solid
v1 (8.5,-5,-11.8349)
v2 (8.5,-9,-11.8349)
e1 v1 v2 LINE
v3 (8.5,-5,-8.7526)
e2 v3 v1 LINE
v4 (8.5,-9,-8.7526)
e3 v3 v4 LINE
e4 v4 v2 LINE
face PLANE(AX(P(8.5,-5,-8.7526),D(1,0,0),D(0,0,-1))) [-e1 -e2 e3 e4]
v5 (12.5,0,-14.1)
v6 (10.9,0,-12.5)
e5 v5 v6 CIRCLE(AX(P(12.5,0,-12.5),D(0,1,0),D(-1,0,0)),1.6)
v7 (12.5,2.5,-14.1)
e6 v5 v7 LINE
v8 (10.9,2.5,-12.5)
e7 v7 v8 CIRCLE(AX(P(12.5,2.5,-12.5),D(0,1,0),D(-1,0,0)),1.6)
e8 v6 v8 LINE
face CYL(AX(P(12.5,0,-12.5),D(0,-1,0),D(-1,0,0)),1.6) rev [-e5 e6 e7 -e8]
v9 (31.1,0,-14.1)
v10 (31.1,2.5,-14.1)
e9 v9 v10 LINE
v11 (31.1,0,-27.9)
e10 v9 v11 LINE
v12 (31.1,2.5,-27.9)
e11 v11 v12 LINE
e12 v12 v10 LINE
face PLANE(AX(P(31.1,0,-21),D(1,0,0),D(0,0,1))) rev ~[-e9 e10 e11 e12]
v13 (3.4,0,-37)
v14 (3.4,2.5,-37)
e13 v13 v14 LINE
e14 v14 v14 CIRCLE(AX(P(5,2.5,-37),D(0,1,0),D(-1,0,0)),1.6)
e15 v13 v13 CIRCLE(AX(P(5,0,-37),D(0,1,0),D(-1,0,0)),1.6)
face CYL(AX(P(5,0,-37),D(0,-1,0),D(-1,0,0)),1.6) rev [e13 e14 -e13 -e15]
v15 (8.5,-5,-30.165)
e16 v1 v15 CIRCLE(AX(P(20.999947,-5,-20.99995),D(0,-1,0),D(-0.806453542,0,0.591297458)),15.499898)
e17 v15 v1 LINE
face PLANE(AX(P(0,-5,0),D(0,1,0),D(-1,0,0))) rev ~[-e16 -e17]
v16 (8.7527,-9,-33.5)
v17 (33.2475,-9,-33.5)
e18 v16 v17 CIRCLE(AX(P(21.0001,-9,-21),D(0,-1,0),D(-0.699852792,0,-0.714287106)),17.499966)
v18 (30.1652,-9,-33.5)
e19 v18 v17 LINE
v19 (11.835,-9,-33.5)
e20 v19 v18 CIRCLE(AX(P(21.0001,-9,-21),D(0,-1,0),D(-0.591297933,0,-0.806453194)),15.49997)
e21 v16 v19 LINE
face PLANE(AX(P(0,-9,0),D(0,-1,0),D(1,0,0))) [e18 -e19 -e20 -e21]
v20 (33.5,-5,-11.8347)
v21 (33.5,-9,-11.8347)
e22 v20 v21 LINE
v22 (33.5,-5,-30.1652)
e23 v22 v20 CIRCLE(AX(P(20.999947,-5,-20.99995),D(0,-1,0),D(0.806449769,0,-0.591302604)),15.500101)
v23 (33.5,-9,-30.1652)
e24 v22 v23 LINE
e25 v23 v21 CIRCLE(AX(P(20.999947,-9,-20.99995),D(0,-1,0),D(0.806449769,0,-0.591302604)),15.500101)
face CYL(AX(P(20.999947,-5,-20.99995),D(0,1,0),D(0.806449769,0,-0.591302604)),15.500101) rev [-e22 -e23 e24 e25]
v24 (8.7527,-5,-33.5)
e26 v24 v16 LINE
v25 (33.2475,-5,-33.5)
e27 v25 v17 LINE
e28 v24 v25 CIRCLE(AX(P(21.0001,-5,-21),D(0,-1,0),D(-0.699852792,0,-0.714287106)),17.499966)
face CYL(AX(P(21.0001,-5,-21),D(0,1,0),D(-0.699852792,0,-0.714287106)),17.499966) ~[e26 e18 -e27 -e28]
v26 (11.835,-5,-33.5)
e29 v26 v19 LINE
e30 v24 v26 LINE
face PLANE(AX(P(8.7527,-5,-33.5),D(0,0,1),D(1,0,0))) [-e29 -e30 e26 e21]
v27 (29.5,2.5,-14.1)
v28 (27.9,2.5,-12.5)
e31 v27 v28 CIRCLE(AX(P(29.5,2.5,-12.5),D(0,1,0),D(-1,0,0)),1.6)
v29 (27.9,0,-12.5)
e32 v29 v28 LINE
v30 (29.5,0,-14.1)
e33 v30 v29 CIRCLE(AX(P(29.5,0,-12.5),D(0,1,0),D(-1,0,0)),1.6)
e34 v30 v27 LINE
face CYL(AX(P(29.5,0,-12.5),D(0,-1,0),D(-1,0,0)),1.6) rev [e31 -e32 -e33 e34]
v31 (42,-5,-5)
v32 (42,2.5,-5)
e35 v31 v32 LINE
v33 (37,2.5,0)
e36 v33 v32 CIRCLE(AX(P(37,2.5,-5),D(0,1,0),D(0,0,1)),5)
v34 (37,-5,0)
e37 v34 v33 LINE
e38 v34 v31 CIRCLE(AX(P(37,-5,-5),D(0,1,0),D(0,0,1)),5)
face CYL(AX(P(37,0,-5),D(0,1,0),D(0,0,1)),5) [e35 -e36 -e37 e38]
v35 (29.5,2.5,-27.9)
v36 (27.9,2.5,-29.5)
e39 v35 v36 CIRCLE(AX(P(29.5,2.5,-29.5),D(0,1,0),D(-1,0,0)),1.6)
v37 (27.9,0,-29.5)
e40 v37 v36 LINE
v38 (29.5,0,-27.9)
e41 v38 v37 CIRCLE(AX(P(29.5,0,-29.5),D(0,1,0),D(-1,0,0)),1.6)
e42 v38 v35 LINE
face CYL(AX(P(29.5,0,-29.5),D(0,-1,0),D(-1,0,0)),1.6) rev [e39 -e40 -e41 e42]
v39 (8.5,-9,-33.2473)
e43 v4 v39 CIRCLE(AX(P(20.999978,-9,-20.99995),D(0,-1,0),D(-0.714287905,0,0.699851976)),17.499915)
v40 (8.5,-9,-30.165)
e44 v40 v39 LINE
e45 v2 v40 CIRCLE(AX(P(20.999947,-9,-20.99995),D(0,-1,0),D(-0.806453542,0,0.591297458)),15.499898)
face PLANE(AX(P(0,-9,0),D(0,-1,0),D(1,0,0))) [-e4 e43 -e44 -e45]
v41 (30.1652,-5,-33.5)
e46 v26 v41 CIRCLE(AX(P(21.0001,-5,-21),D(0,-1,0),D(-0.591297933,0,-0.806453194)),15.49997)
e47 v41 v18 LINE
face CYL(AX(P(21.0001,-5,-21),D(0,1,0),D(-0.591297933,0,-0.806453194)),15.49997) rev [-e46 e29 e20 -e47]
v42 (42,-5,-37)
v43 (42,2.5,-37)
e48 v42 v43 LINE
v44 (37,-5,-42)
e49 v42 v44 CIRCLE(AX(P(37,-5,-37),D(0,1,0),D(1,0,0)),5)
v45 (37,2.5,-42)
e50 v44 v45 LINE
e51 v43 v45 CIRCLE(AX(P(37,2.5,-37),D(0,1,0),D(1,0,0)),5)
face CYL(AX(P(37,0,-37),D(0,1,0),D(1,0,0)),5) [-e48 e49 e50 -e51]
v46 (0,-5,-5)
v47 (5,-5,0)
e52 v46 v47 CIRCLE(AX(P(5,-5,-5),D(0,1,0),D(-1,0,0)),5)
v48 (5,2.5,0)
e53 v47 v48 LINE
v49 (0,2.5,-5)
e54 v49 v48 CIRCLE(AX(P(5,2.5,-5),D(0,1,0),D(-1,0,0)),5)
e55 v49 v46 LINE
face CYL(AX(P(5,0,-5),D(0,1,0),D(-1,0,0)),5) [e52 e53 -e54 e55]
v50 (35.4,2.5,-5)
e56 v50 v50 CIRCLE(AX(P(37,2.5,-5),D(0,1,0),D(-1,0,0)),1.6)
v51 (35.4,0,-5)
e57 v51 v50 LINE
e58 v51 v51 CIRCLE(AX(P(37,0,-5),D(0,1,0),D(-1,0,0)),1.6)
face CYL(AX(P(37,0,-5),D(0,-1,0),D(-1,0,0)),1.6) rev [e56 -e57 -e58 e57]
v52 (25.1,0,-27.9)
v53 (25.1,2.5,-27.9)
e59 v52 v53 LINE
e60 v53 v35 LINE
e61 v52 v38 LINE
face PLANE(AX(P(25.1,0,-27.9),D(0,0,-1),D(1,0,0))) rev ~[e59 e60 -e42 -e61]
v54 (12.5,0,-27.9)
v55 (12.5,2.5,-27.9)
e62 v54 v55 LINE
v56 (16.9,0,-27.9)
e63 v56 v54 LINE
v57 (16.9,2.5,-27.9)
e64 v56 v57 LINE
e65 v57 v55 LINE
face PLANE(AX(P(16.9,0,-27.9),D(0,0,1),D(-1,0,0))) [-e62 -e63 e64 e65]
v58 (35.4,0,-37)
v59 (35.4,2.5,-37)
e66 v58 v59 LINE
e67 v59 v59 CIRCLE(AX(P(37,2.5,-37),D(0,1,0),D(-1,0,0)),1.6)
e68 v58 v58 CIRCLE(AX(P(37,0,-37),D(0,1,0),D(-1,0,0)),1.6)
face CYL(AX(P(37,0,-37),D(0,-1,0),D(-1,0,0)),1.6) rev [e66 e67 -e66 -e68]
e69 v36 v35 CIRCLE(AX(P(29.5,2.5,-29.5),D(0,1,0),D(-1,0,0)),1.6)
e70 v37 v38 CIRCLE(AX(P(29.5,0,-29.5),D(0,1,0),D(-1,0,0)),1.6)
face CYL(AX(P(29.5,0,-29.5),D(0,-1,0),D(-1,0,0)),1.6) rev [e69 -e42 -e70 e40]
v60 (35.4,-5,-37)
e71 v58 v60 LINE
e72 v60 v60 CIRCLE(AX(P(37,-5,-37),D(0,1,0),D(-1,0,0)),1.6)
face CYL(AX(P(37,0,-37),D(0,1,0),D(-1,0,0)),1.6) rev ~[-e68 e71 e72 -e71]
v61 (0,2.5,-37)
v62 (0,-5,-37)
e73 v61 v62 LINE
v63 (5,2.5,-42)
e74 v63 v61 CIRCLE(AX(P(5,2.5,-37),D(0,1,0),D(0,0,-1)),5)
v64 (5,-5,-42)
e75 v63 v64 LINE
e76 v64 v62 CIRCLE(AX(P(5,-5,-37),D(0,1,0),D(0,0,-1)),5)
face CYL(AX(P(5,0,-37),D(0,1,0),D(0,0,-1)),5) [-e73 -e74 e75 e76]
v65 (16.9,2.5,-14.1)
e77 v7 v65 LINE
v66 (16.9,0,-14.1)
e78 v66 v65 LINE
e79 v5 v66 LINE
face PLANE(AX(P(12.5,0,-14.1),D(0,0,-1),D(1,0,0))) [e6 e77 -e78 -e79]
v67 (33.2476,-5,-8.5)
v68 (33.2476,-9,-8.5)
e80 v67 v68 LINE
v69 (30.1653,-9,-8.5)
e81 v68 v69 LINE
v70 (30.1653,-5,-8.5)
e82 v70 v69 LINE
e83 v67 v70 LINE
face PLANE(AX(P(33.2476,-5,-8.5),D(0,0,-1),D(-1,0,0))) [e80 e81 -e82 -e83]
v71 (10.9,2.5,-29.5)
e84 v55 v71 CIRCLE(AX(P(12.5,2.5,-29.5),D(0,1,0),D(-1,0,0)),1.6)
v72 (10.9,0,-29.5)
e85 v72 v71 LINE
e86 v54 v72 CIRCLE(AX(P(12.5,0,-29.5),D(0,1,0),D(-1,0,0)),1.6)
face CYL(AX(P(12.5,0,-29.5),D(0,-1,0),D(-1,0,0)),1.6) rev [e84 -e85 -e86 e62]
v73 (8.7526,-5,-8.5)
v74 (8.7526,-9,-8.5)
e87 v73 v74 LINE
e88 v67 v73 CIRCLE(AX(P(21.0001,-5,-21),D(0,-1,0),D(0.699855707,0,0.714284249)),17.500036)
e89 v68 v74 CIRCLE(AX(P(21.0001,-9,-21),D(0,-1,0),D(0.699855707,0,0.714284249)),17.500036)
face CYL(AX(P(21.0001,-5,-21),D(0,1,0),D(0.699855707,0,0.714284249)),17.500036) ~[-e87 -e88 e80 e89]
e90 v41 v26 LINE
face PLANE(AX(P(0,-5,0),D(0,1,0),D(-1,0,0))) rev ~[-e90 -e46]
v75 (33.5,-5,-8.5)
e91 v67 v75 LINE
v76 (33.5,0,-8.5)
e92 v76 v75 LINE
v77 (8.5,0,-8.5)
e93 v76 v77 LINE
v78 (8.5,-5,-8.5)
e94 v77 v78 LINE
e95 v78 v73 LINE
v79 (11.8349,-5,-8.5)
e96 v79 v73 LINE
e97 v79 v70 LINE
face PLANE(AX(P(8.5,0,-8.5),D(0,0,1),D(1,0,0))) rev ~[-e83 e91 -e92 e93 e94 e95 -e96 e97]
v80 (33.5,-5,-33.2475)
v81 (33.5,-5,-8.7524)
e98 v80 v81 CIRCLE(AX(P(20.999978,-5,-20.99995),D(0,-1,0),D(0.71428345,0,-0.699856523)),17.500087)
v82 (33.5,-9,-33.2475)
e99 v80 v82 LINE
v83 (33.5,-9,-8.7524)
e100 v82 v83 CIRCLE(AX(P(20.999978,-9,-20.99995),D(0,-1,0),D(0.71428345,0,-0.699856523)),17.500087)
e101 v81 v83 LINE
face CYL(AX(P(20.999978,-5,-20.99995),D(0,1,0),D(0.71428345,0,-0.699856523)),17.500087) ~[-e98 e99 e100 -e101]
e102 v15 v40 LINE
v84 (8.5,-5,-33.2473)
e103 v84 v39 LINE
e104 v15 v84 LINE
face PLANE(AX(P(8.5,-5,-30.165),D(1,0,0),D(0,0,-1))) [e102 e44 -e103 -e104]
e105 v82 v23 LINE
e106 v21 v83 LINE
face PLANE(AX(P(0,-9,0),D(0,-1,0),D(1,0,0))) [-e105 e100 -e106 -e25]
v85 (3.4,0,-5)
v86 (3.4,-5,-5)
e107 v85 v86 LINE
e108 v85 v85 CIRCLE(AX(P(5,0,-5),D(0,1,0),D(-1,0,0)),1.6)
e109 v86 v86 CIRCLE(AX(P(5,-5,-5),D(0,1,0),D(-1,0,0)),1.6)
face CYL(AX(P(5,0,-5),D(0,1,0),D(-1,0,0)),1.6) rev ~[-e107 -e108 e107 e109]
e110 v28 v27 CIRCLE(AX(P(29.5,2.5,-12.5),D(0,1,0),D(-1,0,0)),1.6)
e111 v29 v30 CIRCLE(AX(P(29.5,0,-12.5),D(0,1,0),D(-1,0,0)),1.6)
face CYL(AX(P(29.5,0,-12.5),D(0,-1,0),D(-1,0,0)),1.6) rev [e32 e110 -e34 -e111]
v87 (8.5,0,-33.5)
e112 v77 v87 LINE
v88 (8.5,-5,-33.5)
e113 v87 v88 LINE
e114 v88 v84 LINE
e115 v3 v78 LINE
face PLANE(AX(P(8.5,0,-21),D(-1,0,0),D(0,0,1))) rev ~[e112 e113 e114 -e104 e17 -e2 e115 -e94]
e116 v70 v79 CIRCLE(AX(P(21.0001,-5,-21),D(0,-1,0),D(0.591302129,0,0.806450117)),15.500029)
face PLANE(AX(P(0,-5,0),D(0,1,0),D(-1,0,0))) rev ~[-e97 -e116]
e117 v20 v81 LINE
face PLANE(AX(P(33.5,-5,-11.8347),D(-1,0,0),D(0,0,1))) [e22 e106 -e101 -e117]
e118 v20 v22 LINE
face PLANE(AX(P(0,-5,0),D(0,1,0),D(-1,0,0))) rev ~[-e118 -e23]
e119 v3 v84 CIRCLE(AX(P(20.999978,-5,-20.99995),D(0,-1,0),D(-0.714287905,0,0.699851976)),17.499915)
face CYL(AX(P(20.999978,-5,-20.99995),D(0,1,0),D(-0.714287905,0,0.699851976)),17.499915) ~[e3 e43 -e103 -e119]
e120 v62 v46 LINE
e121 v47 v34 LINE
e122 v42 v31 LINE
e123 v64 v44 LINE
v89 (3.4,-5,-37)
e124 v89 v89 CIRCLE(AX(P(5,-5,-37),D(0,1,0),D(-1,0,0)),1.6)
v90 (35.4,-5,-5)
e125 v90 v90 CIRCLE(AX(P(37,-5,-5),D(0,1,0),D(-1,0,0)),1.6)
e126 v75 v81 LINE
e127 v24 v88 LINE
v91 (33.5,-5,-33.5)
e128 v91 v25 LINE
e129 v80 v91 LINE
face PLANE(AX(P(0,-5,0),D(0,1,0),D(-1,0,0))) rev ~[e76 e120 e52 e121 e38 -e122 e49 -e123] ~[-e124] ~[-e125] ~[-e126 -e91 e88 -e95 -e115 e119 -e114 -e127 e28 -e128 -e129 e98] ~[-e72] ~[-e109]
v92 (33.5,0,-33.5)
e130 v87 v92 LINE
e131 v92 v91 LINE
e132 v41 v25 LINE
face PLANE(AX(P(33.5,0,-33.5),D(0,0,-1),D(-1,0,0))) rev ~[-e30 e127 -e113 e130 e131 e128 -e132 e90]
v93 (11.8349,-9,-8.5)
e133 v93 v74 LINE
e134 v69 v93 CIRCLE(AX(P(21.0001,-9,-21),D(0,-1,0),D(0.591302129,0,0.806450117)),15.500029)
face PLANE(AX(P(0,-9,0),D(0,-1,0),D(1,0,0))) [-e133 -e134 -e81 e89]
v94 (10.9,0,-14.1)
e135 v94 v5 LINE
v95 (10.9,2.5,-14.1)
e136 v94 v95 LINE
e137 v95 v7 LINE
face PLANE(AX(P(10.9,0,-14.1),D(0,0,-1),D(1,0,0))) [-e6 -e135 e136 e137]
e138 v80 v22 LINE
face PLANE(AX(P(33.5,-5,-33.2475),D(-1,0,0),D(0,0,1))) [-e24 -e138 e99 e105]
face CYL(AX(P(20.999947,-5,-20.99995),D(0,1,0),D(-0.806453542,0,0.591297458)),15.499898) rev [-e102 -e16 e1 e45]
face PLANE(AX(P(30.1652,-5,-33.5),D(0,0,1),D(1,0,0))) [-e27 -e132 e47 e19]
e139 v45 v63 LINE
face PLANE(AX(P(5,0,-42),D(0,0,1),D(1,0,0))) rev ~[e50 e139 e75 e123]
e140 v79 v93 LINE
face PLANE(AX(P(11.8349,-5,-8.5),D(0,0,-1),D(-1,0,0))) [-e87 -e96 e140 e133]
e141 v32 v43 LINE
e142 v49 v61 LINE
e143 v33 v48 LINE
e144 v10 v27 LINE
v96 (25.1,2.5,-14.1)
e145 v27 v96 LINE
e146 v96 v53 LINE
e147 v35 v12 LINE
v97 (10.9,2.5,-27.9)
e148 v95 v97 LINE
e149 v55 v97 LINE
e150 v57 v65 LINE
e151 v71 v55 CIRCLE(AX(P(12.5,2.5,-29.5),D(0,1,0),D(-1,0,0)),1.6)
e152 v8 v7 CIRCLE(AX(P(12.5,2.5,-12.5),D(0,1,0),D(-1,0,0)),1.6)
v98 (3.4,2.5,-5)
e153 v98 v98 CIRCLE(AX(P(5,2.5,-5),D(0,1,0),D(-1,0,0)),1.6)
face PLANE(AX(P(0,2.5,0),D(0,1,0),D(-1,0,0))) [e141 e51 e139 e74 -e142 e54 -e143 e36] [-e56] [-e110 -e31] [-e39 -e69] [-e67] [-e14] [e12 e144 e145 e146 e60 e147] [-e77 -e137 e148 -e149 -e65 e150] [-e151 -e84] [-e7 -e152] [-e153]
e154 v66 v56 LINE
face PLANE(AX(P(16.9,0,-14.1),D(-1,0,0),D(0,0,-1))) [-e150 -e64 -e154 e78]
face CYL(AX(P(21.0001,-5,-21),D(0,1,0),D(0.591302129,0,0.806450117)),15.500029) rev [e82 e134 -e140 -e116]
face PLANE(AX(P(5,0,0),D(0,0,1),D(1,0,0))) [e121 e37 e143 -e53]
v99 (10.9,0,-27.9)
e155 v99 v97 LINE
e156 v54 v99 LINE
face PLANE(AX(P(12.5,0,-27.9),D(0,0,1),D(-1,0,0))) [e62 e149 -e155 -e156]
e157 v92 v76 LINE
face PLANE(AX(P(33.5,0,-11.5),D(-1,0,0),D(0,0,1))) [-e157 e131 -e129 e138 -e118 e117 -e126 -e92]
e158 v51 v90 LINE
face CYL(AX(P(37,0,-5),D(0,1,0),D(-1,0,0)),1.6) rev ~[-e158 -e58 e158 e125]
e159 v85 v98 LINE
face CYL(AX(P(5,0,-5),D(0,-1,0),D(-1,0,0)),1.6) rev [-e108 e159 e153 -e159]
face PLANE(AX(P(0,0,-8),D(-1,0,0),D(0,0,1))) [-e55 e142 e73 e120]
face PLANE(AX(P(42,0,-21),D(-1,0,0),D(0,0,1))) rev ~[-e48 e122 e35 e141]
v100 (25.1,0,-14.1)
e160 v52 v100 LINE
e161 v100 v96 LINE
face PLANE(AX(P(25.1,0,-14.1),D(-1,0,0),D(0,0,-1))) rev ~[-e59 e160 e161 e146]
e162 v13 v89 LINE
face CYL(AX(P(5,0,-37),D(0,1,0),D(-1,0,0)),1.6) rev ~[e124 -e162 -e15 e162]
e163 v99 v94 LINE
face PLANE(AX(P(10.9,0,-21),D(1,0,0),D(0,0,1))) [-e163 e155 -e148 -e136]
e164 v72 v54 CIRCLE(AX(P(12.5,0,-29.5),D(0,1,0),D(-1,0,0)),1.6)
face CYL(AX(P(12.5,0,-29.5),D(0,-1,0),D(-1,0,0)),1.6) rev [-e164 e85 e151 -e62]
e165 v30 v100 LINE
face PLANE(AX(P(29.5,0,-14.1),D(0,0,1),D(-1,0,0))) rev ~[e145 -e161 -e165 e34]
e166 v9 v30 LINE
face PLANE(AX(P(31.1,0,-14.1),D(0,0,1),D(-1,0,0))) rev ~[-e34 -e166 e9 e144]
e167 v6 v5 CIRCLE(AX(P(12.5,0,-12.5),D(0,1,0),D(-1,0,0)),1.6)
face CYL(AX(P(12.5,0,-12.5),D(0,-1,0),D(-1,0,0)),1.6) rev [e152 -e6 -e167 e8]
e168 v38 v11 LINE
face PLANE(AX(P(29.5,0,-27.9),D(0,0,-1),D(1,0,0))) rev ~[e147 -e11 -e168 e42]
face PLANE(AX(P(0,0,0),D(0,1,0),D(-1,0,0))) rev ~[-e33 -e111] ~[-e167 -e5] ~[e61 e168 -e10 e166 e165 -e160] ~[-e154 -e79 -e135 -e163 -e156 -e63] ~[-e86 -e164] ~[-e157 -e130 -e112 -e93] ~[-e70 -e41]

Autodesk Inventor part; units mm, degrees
ref_plane "YZ Plane" through (0, 0, 0) normal (1, 0, 0) x (0, 1, 0)
ref_plane "XZ Plane" through (0, 0, 0) normal (0, 1, 0) x (-1, 0, 0)
ref_plane "XY Plane" through (0, 0, 0) normal (0, 0, 1) x (1, 0, 0)
sketch "スケッチ1" plane through (0, 0, 0) normal (0, 1, 0) x (-1, 0, 0)
  line L0 (-5, 0) -> (-21, 0)
  line L1 (-21, -21) -> (0, -21)
  line L2 (0, -21) -> (0, -5)
  arc A0 (0, -5) -> (-5, 0) centre (-5, -5) ccw
  line L3 (0, -5) -> (0, -8)
  circle A1 centre (-5, -5) radius 1.6
  line L4 (-21, -21) -> (-8.5, -21)
  line L5 (-8.5, -21) -> (-8.5, -8.5)
  line L6 (-8.5, -8.5) -> (-21, -8.5)
  line L7 (-8.5, -8.5) -> (-8.5, -11.5)
  circle A2 centre (-12.5, -12.5) radius 1.6
  line L8 (-5, -42) -> (-21, -42)
  line L9 (0, -21) -> (0, -37)
  arc A3 (-5, -42) -> (0, -37) centre (-5, -37) ccw
  line L10 (0, -37) -> (0, -34)
  circle A4 centre (-5, -37) radius 1.6
  line L11 (-8.5, -21) -> (-8.5, -33.5)
  line L12 (-8.5, -33.5) -> (-21, -33.5)
  line L13 (-8.5, -33.5) -> (-8.5, -30.5)
  circle A5 centre (-12.5, -29.5) radius 1.6
  line L14 (-37, 0) -> (-21, 0)
  line L15 (-21, -21) -> (-42, -21)
  line L16 (-42, -21) -> (-42, -5)
  arc A6 (-37, 0) -> (-42, -5) centre (-37, -5) ccw
  line L17 (-42, -5) -> (-42, -8)
  circle A7 centre (-37, -5) radius 1.6
  line L18 (-21, -21) -> (-33.5, -21)
  line L19 (-33.5, -21) -> (-33.5, -8.5)
  line L20 (-33.5, -8.5) -> (-21, -8.5)
  line L21 (-33.5, -8.5) -> (-33.5, -11.5)
  circle A8 centre (-29.5, -12.5) radius 1.6
  circle A9 centre (-37, -37) radius 1.6
  line L22 (-42, -37) -> (-42, -34)
  line L23 (-33.5, -33.5) -> (-33.5, -30.5)
  circle A10 centre (-29.5, -29.5) radius 1.6
  line L24 (-37, -42) -> (-21, -42)
  line L25 (-42, -21) -> (-42, -37)
  line L26 (-33.5, -33.5) -> (-21, -33.5)
  line L27 (-33.5, -21) -> (-33.5, -33.5)
  arc A11 (-42, -37) -> (-37, -42) centre (-37, -37) ccw
  line L28 (-10.9, -14.1) -> (-16.9, -14.1)
  line L29 (-16.9, -14.1) -> (-16.9, -27.9)
  line L30 (-16.9, -27.9) -> (-10.9, -27.9)
  line L31 (-10.9, -27.9) -> (-10.9, -14.1)
  line L32 (-31.1, -14.1) -> (-25.1, -14.1)
  line L33 (-25.1, -14.1) -> (-25.1, -27.9)
  line L34 (-25.1, -27.9) -> (-31.1, -27.9)
  line L35 (-31.1, -27.9) -> (-31.1, -14.1)
  point P0 (0, 0)
  point P1 (0, -42)
  point P2 (-42, 0)
  point P3 (-42, -42)
  point P4 (-12.5, -14.1)
  point P5 (-12.5, -27.9)
  point P6 (-29.5, -14.1)
  point P7 (-29.5, -27.9)
  dimension "d0" = 21
  dimension "d1" = 21
  dimension "d6" = 3.2
  dimension "d7" = 12.5
  dimension "d8" = 12.5
  dimension "d9" = 3
  dimension "d11" = 3.2
  dimension "d21" = 17
  dimension "d22" = 17
  dimension "d23" = 17
  dimension "d24" = 17
  dimension "d25" = 4
  dimension "d26" = 4
  dimension "d27" = 4
  dimension "d28" = 4
  dimension "d29" = 3.2
  dimension "d30" = 3.2
  dimension "d31" = 3.2
  dimension "d32" = 2.4
  dimension "d33" = 2.4
  dimension "d34" = 6
  dimension "d35" = 6
extrude "押し出し2" add sketch "スケッチ1" against normal blind 5 contours A0 L2 L1 L5 L6 L20 L19 L15 L16 A6 L14 L0 | L9 A3 L8 L24 A11 L22 L25 L15 L27 L23 L26 L12 L11 L1
sketch "スケッチ2" plane through (0, -5, 0) normal (0, -1, 0) x (1, 0, 0)
  line L0 (33.5, -8.5) -> (8.5, -8.5) projected
  line L1 (8.5, -33.5) -> (33.5, -33.5) projected
  line L2 (33.5, -8.5) -> (8.5, -8.5)
  line L3 (8.5, -8.5) -> (8.5, -33.5)
  line L4 (8.5, -33.5) -> (33.5, -33.5)
  line L5 (33.5, -33.5) -> (33.5, -8.5)
  arc A0 (8.5, -8.7526) -> (8.5, -33.2473) centre (21.0001, -21) ccw
  arc A1 (8.5, -11.8349) -> (8.5, -30.165) centre (21.0001, -21) ccw
  arc A2 (30.1653, -8.5) -> (11.8349, -8.5) centre (21.0001, -21) ccw
  arc A3 (33.2476, -8.5) -> (8.7526, -8.5) centre (21.0001, -21) ccw
  arc A4 (11.835, -33.5) -> (30.1652, -33.5) centre (21.0001, -21) ccw
  arc A5 (33.5, -30.1652) -> (33.5, -11.8347) centre (21.0001, -21) ccw
  arc A6 (8.7527, -33.5) -> (33.2475, -33.5) centre (21.0001, -21) ccw
  arc A7 (33.5, -33.2475) -> (33.5, -8.7524) centre (21.0001, -21) ccw
  point P0 (0, 0)
  point P1 (30.1652, -33.5)
  point P2 (33.2476, -8.5)
  point P3 (8.7526, -8.5)
  point P4 (11.8349, -8.5)
extrude "押し出し4" add sketch "スケッチ1" along normal blind 2.5 contours A0 L2 L1 L5 L6 L20 L19 L15 L16 A6 L14 L0 | L9 A3 L8 L24 A11 L22 L25 L15 L27 L23 L26 L12 L11 L1 | L11 L12 L26 L23 L27 L15 L35 L34 L33 L1 L29 L30 L31 | L1 L31 L28 L29 L15 L33 L32 L35 L19 L20 L6 L5
extrude "押し出し5" add sketch "スケッチ2" along normal blind 4 contours L0 A2 A3 | A7 L5 A5 | L3 A1 A0 | A6 L1 A4
properties part number "mounter"
